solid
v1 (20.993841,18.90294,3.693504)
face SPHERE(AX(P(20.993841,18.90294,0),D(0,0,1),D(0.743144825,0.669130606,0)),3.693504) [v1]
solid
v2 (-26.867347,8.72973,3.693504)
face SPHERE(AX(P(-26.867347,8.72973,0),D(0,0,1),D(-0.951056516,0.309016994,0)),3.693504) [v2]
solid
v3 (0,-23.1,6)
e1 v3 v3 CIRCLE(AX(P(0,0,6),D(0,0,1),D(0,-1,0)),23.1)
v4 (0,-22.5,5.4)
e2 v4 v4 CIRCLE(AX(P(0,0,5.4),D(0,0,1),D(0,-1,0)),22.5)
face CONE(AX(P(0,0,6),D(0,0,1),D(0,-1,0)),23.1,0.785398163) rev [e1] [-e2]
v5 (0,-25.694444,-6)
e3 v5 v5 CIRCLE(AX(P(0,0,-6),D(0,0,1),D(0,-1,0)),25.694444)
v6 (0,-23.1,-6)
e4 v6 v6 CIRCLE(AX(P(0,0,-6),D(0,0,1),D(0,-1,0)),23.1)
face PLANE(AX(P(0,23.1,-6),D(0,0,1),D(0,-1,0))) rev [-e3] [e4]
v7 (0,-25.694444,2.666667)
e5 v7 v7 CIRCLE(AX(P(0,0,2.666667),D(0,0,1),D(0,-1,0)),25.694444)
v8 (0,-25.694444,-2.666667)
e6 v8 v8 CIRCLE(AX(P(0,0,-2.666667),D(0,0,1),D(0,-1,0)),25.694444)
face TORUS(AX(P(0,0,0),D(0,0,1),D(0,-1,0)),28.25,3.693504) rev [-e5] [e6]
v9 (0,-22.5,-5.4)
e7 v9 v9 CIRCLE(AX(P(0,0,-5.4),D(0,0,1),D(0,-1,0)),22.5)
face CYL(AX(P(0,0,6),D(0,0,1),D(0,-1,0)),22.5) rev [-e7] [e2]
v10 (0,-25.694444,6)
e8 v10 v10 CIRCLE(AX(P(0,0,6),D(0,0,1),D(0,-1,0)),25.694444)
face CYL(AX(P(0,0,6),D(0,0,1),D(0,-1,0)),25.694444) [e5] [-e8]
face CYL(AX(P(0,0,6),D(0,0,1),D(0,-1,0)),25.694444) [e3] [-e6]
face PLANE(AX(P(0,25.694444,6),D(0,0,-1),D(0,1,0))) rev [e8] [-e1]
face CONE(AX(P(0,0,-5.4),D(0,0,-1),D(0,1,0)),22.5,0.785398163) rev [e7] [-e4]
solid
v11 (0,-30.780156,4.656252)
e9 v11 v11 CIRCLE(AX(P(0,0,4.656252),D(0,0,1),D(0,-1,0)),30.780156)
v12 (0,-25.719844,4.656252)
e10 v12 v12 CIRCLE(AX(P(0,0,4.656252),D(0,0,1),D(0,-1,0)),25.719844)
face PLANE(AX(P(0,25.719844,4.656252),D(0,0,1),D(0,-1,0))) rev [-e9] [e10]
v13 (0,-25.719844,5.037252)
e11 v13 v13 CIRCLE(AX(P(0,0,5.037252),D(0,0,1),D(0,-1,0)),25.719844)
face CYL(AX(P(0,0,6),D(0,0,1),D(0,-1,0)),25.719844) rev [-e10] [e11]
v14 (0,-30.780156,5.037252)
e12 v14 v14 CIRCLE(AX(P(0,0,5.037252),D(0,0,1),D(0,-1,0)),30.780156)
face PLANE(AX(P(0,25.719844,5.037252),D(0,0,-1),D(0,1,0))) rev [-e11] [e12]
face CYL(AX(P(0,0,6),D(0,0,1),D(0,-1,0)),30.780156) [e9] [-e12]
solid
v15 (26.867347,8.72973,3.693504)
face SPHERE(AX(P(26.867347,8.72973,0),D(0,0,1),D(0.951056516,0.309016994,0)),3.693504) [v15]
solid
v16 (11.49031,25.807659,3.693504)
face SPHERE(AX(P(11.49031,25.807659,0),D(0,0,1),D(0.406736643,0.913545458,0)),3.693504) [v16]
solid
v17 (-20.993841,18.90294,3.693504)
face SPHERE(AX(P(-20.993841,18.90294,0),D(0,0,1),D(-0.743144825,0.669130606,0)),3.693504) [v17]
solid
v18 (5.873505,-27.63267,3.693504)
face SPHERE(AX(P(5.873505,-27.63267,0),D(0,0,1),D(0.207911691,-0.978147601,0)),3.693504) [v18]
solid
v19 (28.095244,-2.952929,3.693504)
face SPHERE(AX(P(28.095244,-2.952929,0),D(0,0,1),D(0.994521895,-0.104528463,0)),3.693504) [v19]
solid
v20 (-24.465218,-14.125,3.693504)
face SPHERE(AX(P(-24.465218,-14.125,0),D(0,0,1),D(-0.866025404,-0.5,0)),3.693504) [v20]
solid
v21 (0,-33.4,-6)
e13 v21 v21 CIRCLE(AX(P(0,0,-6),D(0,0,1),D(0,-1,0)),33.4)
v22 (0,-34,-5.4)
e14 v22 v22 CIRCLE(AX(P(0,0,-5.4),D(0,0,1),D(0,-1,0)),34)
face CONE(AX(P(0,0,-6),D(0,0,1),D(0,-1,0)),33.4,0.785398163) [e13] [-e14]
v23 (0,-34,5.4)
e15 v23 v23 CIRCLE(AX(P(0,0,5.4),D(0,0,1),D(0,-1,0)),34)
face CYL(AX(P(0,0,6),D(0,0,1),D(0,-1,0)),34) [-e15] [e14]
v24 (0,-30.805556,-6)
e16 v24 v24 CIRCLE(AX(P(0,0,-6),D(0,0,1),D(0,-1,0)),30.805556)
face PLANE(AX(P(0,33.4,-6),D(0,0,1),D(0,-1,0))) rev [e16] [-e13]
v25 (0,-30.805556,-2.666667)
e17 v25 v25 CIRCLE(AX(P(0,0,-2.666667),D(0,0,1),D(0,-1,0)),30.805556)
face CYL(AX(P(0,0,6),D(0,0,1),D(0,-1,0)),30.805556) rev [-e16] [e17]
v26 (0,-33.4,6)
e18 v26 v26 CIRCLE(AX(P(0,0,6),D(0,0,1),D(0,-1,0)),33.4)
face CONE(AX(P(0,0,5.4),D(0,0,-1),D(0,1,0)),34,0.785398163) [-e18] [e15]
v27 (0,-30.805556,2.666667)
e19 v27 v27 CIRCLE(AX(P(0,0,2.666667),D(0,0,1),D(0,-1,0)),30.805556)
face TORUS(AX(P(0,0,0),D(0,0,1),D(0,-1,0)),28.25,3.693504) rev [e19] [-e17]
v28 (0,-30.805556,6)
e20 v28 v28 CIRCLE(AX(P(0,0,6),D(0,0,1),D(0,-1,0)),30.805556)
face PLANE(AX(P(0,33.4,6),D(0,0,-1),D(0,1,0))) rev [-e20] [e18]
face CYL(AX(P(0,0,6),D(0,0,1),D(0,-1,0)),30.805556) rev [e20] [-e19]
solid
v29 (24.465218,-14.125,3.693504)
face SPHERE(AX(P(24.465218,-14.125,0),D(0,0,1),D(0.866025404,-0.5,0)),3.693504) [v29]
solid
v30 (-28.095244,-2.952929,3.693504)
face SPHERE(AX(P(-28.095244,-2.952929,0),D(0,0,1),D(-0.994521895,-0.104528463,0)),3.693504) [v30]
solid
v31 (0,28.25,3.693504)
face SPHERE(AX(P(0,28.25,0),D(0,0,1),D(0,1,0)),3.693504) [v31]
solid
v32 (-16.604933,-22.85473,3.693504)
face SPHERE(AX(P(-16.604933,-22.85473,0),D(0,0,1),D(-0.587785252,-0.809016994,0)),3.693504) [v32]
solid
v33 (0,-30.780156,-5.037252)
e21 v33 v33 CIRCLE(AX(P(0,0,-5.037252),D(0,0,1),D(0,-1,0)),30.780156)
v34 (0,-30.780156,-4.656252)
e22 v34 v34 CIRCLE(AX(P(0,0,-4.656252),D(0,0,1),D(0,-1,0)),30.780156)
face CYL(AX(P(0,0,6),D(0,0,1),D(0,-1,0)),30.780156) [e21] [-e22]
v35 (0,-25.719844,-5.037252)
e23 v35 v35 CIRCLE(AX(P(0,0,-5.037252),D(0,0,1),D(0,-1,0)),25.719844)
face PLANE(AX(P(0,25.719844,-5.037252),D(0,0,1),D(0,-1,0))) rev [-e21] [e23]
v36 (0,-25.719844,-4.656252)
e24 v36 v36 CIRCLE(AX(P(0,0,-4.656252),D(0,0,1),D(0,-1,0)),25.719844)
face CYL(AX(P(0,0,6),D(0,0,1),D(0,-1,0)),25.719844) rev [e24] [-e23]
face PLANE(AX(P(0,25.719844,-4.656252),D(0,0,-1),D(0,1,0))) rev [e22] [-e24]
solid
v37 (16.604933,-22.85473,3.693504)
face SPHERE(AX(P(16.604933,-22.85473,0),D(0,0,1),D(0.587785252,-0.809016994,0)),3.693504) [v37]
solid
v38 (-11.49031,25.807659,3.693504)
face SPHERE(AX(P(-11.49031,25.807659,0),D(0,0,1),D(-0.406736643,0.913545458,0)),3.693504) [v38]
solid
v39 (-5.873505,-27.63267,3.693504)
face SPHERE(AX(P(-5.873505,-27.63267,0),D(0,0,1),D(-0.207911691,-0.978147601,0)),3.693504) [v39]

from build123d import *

# Parameters (mm, degrees)
SKETCH5_W         = 0.381
SKETCH5_H         = 5.060311112
CIRPATTERN1_COUNT = 15


with BuildPart() as part:
    # Sketch5 → Revolve1 (revolve)
    with BuildSketch(Plane(origin=(0, 0, 0), x_dir=(0, 0, -1), z_dir=(1, 0, 0)), mode=Mode.PRIVATE) as revolve1_sk:
        with BuildLine():
            Line((5.4, 34), (-5.4, 34))
            Line((-5.4, 34), (-6, 33.4))
            Line((-6, 33.4), (-6, 30.805555556))
            Line((-6, 30.805555556), (-2.666666667, 30.805555556))
            ThreePointArc((-2.666666667, 30.805555556), (0, 31.943504475), (2.666666667, 30.805555556))
            Line((2.666666667, 30.805555556), (6, 30.805555556))
            Line((6, 30.805555556), (6, 33.4))
            Line((6, 33.4), (5.4, 34))
        make_face()
        with Locations((4.846752238, 28.25)):
            Rectangle(SKETCH5_W, SKETCH5_H)
        with Locations((-4.846752238, 28.25)):
            Rectangle(SKETCH5_W, SKETCH5_H)
    revolve(revolve1_sk.sketch.rotate(Axis((0, 0, 6), (0, 0, -1)), 180), axis=Axis((0, 0, 6), (0, 0, -1)))


with BuildPart() as body_2:
    # Sketch3 → Revolve3 (revolve)
    with BuildSketch(Plane(origin=(0, 0, 0), x_dir=(0, 0, -1), z_dir=(1, 0, 0)), mode=Mode.PRIVATE) as revolve3_sk:
        with BuildLine():
            Line((-6, 25.694444444), (-2.666666667, 25.694444444))
            ThreePointArc((-2.666666667, 25.694444444), (0, 24.556495525), (2.666666667, 25.694444444))
            Line((2.666666667, 25.694444444), (6, 25.694444444))
            Line((6, 25.694444444), (6, 23.1))
            Line((6, 23.1), (5.4, 22.5))
            Line((5.4, 22.5), (-5.4, 22.5))
            Line((-5.4, 22.5), (-6, 23.1))
            Line((-6, 23.1), (-6, 25.694444444))
        make_face()
    revolve(revolve3_sk.sketch.rotate(Axis((0, 0, 6), (0, 0, -1)), 180), axis=Axis((0, 0, 6), (0, 0, -1)))


with BuildPart() as body_3:
    # Sketch4 → Revolve4 (revolve)
    with BuildSketch(Plane(origin=(0, 0, 0), x_dir=(0, 0, -1), z_dir=(1, 0, 0))):
        with BuildLine():
            Line((-3.693504475, 28.25), (3.693504475, 28.25))
            ThreePointArc((3.693504475, 28.25), (0, 31.943504475), (-3.693504475, 28.25))
        make_face()
    revolve(axis=Axis((0, 28.25, 3.693504475), (0, 0, -1)))


with BuildPart() as cirpattern1_1:
    # CirPattern1: pattern copy
    add(body_3.part.rotate(Axis((0, 0, 0), (0, 0, 1)), 1 * 360 / CIRPATTERN1_COUNT))


with BuildPart() as cirpattern1_2:
    # CirPattern1: pattern copy
    add(body_3.part.rotate(Axis((0, 0, 0), (0, 0, 1)), 2 * 360 / CIRPATTERN1_COUNT))


with BuildPart() as cirpattern1_3:
    # CirPattern1: pattern copy
    add(body_3.part.rotate(Axis((0, 0, 0), (0, 0, 1)), 3 * 360 / CIRPATTERN1_COUNT))


with BuildPart() as cirpattern1_4:
    # CirPattern1: pattern copy
    add(body_3.part.rotate(Axis((0, 0, 0), (0, 0, 1)), 4 * 360 / CIRPATTERN1_COUNT))


with BuildPart() as cirpattern1_5:
    # CirPattern1: pattern copy
    add(body_3.part.rotate(Axis((0, 0, 0), (0, 0, 1)), 5 * 360 / CIRPATTERN1_COUNT))


with BuildPart() as cirpattern1_6:
    # CirPattern1: pattern copy
    add(body_3.part.rotate(Axis((0, 0, 0), (0, 0, 1)), 6 * 360 / CIRPATTERN1_COUNT))


with BuildPart() as cirpattern1_7:
    # CirPattern1: pattern copy
    add(body_3.part.rotate(Axis((0, 0, 0), (0, 0, 1)), 7 * 360 / CIRPATTERN1_COUNT))


with BuildPart() as cirpattern1_8:
    # CirPattern1: pattern copy
    add(body_3.part.rotate(Axis((0, 0, 0), (0, 0, 1)), 8 * 360 / CIRPATTERN1_COUNT))


with BuildPart() as cirpattern1_9:
    # CirPattern1: pattern copy
    add(body_3.part.rotate(Axis((0, 0, 0), (0, 0, 1)), 9 * 360 / CIRPATTERN1_COUNT))


with BuildPart() as cirpattern1_10:
    # CirPattern1: pattern copy
    add(body_3.part.rotate(Axis((0, 0, 0), (0, 0, 1)), 10 * 360 / CIRPATTERN1_COUNT))


with BuildPart() as cirpattern1_11:
    # CirPattern1: pattern copy
    add(body_3.part.rotate(Axis((0, 0, 0), (0, 0, 1)), 11 * 360 / CIRPATTERN1_COUNT))


with BuildPart() as cirpattern1_12:
    # CirPattern1: pattern copy
    add(body_3.part.rotate(Axis((0, 0, 0), (0, 0, 1)), 12 * 360 / CIRPATTERN1_COUNT))


with BuildPart() as cirpattern1_13:
    # CirPattern1: pattern copy
    add(body_3.part.rotate(Axis((0, 0, 0), (0, 0, 1)), 13 * 360 / CIRPATTERN1_COUNT))


with BuildPart() as cirpattern1_14:
    # CirPattern1: pattern copy
    add(body_3.part.rotate(Axis((0, 0, 0), (0, 0, 1)), 14 * 360 / CIRPATTERN1_COUNT))


solid = Compound([part.part, body_2.part, body_3.part, cirpattern1_1.part, cirpattern1_2.part, cirpattern1_3.part, cirpattern1_4.part, cirpattern1_5.part, cirpattern1_6.part, cirpattern1_7.part, cirpattern1_8.part, cirpattern1_9.part, cirpattern1_10.part, cirpattern1_11.part, cirpattern1_12.part, cirpattern1_13.part, cirpattern1_14.part])
